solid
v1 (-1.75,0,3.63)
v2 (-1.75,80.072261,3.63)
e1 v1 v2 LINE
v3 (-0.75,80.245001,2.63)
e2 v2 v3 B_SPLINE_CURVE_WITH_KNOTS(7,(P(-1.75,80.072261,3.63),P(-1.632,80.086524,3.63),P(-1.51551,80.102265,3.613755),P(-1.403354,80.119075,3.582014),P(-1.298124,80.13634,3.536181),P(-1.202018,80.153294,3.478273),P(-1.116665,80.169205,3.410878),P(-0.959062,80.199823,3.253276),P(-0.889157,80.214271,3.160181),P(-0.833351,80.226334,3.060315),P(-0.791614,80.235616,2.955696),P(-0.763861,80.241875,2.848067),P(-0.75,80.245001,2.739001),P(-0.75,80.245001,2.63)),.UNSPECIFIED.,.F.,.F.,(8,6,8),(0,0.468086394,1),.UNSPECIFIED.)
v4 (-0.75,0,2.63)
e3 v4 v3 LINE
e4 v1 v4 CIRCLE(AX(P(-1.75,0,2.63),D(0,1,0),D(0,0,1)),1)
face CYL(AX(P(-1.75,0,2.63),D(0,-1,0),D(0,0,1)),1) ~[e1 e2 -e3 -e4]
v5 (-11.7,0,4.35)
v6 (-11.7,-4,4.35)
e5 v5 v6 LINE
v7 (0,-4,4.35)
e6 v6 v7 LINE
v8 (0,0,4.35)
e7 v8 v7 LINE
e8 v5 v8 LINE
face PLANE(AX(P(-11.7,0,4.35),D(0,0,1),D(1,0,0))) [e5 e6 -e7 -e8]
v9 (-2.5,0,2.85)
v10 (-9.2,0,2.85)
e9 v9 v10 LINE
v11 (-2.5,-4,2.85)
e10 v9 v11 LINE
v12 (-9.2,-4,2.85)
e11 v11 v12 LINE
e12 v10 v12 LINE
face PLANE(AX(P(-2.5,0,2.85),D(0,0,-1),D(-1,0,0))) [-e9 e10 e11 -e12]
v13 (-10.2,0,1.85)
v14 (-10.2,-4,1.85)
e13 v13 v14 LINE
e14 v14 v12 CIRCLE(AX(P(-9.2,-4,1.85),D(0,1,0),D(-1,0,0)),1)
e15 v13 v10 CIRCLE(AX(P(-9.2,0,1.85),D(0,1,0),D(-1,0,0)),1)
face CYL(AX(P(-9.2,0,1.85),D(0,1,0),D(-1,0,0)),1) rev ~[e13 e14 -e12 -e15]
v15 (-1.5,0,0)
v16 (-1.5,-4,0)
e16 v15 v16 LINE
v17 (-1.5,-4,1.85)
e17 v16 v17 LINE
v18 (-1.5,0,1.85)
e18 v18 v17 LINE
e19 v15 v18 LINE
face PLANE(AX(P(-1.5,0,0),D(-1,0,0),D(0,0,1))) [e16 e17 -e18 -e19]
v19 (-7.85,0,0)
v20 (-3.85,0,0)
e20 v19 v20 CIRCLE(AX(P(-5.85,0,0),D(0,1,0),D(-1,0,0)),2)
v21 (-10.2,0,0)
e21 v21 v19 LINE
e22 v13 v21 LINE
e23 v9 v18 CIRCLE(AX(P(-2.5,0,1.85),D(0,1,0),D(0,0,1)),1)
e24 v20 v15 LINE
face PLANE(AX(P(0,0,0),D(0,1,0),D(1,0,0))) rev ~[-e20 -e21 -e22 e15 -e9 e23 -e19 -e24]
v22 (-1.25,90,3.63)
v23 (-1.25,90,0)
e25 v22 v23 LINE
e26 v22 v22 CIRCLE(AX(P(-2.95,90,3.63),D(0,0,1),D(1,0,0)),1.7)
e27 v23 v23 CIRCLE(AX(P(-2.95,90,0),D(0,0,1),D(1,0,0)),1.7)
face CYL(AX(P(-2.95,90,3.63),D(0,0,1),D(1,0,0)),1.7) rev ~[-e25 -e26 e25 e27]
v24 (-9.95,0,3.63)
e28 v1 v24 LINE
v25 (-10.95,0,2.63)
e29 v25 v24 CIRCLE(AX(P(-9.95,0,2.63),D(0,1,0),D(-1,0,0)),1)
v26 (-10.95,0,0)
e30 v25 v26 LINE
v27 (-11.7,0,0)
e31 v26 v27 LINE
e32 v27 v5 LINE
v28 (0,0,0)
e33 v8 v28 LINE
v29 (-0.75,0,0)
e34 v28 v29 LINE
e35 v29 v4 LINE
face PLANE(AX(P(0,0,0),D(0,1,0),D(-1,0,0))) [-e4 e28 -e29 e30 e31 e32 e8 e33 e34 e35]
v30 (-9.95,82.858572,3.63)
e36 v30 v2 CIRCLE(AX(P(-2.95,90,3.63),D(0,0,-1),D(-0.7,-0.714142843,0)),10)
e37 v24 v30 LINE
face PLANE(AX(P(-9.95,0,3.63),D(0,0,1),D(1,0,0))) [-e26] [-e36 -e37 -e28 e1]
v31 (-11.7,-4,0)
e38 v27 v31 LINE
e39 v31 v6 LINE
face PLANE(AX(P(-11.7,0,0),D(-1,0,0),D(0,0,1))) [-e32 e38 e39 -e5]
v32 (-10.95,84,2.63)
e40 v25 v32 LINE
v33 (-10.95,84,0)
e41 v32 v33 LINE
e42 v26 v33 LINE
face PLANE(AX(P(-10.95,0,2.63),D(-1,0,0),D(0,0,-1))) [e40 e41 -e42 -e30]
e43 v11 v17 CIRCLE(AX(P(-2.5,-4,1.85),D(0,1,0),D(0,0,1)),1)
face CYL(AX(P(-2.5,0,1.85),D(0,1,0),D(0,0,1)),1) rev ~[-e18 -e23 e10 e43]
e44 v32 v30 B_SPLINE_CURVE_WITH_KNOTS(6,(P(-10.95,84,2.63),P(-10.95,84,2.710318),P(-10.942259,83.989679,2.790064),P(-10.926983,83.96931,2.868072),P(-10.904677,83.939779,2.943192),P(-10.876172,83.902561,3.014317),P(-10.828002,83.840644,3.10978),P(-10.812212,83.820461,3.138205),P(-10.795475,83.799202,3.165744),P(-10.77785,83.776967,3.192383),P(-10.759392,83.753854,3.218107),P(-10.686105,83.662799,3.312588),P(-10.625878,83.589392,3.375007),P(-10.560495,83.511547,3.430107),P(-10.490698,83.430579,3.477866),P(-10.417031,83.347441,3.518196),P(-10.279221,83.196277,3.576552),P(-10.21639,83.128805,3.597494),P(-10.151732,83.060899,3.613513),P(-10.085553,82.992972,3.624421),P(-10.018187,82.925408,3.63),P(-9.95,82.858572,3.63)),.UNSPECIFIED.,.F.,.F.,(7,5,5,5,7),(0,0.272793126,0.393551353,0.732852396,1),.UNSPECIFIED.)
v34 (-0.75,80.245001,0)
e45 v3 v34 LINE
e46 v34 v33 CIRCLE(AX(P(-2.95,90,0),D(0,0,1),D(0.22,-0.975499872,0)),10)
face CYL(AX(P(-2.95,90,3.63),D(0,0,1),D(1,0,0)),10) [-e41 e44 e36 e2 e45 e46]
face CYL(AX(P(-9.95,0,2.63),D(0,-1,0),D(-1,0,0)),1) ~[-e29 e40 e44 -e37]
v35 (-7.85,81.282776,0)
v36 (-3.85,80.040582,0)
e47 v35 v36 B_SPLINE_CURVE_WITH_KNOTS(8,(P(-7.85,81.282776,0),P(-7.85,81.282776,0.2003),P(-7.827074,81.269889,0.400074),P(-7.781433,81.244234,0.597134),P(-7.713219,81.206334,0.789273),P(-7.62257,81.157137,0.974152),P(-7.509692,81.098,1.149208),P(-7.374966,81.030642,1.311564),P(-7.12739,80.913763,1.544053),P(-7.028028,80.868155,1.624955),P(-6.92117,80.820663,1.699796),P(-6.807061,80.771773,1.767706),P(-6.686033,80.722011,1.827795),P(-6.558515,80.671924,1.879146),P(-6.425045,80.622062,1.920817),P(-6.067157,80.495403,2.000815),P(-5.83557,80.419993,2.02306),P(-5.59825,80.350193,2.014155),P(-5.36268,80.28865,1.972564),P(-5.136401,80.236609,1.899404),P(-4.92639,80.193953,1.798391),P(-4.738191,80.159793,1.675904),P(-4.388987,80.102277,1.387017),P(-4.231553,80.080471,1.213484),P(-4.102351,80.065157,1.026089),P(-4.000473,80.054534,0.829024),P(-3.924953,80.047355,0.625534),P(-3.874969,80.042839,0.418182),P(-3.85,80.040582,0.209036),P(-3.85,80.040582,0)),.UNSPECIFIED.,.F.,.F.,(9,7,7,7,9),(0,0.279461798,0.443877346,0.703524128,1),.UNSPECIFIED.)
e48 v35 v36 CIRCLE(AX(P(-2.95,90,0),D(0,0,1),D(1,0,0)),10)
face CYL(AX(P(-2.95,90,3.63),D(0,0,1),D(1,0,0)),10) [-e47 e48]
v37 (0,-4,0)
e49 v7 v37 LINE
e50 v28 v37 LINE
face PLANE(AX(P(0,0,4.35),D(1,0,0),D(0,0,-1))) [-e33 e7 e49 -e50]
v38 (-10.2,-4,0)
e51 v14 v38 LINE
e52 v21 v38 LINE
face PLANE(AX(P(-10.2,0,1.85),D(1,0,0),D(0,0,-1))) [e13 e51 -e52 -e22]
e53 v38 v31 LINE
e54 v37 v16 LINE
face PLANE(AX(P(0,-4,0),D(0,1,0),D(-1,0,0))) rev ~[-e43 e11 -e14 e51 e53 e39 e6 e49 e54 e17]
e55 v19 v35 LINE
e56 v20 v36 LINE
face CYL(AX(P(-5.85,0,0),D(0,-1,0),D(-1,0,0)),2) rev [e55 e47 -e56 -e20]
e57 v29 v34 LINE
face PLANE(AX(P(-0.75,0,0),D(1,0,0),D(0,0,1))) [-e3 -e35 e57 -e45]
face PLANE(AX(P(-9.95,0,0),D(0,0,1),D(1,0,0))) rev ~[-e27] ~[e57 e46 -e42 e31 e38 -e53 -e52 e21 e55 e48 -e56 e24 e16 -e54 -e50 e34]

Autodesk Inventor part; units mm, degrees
ref_plane "YZ Plane" through (0, 0, 0) normal (1, 0, 0) x (0, 1, 0)
ref_plane "XZ Plane" through (0, 0, 0) normal (0, 1, 0) x (-1, 0, 0)
ref_plane "XY Plane" through (0, 0, 0) normal (0, 0, 1) x (1, 0, 0)
sketch "Sketch1" plane through (0, 0, 0) normal (0, 1, 0) x (-1, 0, 0)
  line L0 (10.2, -1.85) -> (10.2, 0) projected
  line L1 (10.2, 0) -> (11.7, 0) projected
  line L2 (11.7, 0) -> (11.7, -4.35) projected
  line L3 (11.7, -4.35) -> (0, -4.35) projected
  line L4 (0, -4.35) -> (0, 0) projected
  line L5 (0, 0) -> (1.5, 0) projected
  line L6 (1.5, 0) -> (1.5, -1.85) projected
  arc A0 (1.5, -1.85) -> (2.5, -2.85) centre (2.5, -1.85) ccw projected
  line L7 (2.5, -2.85) -> (9.2, -2.85) projected
  arc A1 (9.2, -2.85) -> (10.2, -1.85) centre (9.2, -1.85) ccw projected
  line L8 (10.2, 1.85) -> (10.2, 0)
  line L9 (11.7, 0) -> (11.7, 4.35)
  line L10 (11.7, 4.35) -> (0, 4.35)
  line L11 (0, 4.35) -> (0, 0)
  line L12 (1.5, 0) -> (1.5, 1.85)
  arc A2 (2.5, 2.85) -> (1.5, 1.85) centre (2.5, 1.85) ccw
  line L13 (2.5, 2.85) -> (9.2, 2.85)
  arc A3 (10.2, 1.85) -> (9.2, 2.85) centre (9.2, 1.85) ccw
extrude "Extrusion1" add sketch "Sketch1" against normal blind 4 contours L8 A3 L13 A2 L12 L5 L11 L10 L9 L1
sketch "Sketch2" plane through (0, 0, 0) normal (0, 1, 0) x (1, 0, 0)
  line L0 (-0.75, 0) -> (-0.75, 2.63) projected
  arc A0 (-0.75, 2.63) -> (-1.75, 3.63) centre (-1.75, 2.63) ccw projected
  line L1 (-1.75, 3.63) -> (-9.95, 3.63) projected
  arc A1 (-9.95, 3.63) -> (-10.95, 2.63) centre (-9.95, 2.63) ccw projected
  line L2 (-10.95, 2.63) -> (-10.95, 0) projected
  line L3 (-10.95, 0) -> (-0.75, 0) projected
  line L4 (-0.75, 0) -> (-0.75, -2.63)
  arc A2 (-1.75, -3.63) -> (-0.75, -2.63) centre (-1.75, -2.63) ccw
  line L5 (-1.75, -3.63) -> (-9.95, -3.63)
  arc A3 (-10.95, -2.63) -> (-9.95, -3.63) centre (-9.95, -2.63) ccw
  line L6 (-10.95, -2.63) -> (-10.95, 0)
  arc A4 (-7.85, 0) -> (-3.85, 0) centre (-5.85, 0) ccw
  point P0 (0, 0)
  dimension "d2" = 2
extrude "Extrusion2" add sketch "Sketch2" along normal blind 85 contours L4 A2 L5 A3 L6 L3 A4
sketch "Sketch3" plane through (0, 85, 0) normal (0, 1, 0) x (1, 0, 0)
  point P0 (0, 0)
sketch "Sketch4" plane through (-9.95, 0, 3.63) normal (0, 0, 1) x (1, 0, 0)
  circle A0 centre (7, 90) radius 10
  line L0 (-1.75, 0) -> (9.95, 0) projected
  line L1 (9.2, 0) -> (9.2, 85) projected
  line L2 (-1, 0) -> (-1, 85) projected
  dimension "d6" = 20
  dimension "d12" = 90
  dimension "d14" = 8
extrude "Extrusion3" add sketch "Sketch4" against normal up to surface (3.63 mm away) contours A0
sketch "Sketch5" plane through (-9.95, 0, 3.63) normal (0, 0, 1) x (1, 0, 0)
  circle A0 centre (7, 90) radius 1.7
  circle A1 centre (7, 90) radius 10 projected
  point P0 (9.95, 0)
  point P1 (0, 82.8586)
  point P2 (8.2, 80.0723)
  dimension "d9" = 3.4
extrude "Extrusion4" cut sketch "Sketch5" against normal blind 120 contours A0
properties part number "microphone2"
